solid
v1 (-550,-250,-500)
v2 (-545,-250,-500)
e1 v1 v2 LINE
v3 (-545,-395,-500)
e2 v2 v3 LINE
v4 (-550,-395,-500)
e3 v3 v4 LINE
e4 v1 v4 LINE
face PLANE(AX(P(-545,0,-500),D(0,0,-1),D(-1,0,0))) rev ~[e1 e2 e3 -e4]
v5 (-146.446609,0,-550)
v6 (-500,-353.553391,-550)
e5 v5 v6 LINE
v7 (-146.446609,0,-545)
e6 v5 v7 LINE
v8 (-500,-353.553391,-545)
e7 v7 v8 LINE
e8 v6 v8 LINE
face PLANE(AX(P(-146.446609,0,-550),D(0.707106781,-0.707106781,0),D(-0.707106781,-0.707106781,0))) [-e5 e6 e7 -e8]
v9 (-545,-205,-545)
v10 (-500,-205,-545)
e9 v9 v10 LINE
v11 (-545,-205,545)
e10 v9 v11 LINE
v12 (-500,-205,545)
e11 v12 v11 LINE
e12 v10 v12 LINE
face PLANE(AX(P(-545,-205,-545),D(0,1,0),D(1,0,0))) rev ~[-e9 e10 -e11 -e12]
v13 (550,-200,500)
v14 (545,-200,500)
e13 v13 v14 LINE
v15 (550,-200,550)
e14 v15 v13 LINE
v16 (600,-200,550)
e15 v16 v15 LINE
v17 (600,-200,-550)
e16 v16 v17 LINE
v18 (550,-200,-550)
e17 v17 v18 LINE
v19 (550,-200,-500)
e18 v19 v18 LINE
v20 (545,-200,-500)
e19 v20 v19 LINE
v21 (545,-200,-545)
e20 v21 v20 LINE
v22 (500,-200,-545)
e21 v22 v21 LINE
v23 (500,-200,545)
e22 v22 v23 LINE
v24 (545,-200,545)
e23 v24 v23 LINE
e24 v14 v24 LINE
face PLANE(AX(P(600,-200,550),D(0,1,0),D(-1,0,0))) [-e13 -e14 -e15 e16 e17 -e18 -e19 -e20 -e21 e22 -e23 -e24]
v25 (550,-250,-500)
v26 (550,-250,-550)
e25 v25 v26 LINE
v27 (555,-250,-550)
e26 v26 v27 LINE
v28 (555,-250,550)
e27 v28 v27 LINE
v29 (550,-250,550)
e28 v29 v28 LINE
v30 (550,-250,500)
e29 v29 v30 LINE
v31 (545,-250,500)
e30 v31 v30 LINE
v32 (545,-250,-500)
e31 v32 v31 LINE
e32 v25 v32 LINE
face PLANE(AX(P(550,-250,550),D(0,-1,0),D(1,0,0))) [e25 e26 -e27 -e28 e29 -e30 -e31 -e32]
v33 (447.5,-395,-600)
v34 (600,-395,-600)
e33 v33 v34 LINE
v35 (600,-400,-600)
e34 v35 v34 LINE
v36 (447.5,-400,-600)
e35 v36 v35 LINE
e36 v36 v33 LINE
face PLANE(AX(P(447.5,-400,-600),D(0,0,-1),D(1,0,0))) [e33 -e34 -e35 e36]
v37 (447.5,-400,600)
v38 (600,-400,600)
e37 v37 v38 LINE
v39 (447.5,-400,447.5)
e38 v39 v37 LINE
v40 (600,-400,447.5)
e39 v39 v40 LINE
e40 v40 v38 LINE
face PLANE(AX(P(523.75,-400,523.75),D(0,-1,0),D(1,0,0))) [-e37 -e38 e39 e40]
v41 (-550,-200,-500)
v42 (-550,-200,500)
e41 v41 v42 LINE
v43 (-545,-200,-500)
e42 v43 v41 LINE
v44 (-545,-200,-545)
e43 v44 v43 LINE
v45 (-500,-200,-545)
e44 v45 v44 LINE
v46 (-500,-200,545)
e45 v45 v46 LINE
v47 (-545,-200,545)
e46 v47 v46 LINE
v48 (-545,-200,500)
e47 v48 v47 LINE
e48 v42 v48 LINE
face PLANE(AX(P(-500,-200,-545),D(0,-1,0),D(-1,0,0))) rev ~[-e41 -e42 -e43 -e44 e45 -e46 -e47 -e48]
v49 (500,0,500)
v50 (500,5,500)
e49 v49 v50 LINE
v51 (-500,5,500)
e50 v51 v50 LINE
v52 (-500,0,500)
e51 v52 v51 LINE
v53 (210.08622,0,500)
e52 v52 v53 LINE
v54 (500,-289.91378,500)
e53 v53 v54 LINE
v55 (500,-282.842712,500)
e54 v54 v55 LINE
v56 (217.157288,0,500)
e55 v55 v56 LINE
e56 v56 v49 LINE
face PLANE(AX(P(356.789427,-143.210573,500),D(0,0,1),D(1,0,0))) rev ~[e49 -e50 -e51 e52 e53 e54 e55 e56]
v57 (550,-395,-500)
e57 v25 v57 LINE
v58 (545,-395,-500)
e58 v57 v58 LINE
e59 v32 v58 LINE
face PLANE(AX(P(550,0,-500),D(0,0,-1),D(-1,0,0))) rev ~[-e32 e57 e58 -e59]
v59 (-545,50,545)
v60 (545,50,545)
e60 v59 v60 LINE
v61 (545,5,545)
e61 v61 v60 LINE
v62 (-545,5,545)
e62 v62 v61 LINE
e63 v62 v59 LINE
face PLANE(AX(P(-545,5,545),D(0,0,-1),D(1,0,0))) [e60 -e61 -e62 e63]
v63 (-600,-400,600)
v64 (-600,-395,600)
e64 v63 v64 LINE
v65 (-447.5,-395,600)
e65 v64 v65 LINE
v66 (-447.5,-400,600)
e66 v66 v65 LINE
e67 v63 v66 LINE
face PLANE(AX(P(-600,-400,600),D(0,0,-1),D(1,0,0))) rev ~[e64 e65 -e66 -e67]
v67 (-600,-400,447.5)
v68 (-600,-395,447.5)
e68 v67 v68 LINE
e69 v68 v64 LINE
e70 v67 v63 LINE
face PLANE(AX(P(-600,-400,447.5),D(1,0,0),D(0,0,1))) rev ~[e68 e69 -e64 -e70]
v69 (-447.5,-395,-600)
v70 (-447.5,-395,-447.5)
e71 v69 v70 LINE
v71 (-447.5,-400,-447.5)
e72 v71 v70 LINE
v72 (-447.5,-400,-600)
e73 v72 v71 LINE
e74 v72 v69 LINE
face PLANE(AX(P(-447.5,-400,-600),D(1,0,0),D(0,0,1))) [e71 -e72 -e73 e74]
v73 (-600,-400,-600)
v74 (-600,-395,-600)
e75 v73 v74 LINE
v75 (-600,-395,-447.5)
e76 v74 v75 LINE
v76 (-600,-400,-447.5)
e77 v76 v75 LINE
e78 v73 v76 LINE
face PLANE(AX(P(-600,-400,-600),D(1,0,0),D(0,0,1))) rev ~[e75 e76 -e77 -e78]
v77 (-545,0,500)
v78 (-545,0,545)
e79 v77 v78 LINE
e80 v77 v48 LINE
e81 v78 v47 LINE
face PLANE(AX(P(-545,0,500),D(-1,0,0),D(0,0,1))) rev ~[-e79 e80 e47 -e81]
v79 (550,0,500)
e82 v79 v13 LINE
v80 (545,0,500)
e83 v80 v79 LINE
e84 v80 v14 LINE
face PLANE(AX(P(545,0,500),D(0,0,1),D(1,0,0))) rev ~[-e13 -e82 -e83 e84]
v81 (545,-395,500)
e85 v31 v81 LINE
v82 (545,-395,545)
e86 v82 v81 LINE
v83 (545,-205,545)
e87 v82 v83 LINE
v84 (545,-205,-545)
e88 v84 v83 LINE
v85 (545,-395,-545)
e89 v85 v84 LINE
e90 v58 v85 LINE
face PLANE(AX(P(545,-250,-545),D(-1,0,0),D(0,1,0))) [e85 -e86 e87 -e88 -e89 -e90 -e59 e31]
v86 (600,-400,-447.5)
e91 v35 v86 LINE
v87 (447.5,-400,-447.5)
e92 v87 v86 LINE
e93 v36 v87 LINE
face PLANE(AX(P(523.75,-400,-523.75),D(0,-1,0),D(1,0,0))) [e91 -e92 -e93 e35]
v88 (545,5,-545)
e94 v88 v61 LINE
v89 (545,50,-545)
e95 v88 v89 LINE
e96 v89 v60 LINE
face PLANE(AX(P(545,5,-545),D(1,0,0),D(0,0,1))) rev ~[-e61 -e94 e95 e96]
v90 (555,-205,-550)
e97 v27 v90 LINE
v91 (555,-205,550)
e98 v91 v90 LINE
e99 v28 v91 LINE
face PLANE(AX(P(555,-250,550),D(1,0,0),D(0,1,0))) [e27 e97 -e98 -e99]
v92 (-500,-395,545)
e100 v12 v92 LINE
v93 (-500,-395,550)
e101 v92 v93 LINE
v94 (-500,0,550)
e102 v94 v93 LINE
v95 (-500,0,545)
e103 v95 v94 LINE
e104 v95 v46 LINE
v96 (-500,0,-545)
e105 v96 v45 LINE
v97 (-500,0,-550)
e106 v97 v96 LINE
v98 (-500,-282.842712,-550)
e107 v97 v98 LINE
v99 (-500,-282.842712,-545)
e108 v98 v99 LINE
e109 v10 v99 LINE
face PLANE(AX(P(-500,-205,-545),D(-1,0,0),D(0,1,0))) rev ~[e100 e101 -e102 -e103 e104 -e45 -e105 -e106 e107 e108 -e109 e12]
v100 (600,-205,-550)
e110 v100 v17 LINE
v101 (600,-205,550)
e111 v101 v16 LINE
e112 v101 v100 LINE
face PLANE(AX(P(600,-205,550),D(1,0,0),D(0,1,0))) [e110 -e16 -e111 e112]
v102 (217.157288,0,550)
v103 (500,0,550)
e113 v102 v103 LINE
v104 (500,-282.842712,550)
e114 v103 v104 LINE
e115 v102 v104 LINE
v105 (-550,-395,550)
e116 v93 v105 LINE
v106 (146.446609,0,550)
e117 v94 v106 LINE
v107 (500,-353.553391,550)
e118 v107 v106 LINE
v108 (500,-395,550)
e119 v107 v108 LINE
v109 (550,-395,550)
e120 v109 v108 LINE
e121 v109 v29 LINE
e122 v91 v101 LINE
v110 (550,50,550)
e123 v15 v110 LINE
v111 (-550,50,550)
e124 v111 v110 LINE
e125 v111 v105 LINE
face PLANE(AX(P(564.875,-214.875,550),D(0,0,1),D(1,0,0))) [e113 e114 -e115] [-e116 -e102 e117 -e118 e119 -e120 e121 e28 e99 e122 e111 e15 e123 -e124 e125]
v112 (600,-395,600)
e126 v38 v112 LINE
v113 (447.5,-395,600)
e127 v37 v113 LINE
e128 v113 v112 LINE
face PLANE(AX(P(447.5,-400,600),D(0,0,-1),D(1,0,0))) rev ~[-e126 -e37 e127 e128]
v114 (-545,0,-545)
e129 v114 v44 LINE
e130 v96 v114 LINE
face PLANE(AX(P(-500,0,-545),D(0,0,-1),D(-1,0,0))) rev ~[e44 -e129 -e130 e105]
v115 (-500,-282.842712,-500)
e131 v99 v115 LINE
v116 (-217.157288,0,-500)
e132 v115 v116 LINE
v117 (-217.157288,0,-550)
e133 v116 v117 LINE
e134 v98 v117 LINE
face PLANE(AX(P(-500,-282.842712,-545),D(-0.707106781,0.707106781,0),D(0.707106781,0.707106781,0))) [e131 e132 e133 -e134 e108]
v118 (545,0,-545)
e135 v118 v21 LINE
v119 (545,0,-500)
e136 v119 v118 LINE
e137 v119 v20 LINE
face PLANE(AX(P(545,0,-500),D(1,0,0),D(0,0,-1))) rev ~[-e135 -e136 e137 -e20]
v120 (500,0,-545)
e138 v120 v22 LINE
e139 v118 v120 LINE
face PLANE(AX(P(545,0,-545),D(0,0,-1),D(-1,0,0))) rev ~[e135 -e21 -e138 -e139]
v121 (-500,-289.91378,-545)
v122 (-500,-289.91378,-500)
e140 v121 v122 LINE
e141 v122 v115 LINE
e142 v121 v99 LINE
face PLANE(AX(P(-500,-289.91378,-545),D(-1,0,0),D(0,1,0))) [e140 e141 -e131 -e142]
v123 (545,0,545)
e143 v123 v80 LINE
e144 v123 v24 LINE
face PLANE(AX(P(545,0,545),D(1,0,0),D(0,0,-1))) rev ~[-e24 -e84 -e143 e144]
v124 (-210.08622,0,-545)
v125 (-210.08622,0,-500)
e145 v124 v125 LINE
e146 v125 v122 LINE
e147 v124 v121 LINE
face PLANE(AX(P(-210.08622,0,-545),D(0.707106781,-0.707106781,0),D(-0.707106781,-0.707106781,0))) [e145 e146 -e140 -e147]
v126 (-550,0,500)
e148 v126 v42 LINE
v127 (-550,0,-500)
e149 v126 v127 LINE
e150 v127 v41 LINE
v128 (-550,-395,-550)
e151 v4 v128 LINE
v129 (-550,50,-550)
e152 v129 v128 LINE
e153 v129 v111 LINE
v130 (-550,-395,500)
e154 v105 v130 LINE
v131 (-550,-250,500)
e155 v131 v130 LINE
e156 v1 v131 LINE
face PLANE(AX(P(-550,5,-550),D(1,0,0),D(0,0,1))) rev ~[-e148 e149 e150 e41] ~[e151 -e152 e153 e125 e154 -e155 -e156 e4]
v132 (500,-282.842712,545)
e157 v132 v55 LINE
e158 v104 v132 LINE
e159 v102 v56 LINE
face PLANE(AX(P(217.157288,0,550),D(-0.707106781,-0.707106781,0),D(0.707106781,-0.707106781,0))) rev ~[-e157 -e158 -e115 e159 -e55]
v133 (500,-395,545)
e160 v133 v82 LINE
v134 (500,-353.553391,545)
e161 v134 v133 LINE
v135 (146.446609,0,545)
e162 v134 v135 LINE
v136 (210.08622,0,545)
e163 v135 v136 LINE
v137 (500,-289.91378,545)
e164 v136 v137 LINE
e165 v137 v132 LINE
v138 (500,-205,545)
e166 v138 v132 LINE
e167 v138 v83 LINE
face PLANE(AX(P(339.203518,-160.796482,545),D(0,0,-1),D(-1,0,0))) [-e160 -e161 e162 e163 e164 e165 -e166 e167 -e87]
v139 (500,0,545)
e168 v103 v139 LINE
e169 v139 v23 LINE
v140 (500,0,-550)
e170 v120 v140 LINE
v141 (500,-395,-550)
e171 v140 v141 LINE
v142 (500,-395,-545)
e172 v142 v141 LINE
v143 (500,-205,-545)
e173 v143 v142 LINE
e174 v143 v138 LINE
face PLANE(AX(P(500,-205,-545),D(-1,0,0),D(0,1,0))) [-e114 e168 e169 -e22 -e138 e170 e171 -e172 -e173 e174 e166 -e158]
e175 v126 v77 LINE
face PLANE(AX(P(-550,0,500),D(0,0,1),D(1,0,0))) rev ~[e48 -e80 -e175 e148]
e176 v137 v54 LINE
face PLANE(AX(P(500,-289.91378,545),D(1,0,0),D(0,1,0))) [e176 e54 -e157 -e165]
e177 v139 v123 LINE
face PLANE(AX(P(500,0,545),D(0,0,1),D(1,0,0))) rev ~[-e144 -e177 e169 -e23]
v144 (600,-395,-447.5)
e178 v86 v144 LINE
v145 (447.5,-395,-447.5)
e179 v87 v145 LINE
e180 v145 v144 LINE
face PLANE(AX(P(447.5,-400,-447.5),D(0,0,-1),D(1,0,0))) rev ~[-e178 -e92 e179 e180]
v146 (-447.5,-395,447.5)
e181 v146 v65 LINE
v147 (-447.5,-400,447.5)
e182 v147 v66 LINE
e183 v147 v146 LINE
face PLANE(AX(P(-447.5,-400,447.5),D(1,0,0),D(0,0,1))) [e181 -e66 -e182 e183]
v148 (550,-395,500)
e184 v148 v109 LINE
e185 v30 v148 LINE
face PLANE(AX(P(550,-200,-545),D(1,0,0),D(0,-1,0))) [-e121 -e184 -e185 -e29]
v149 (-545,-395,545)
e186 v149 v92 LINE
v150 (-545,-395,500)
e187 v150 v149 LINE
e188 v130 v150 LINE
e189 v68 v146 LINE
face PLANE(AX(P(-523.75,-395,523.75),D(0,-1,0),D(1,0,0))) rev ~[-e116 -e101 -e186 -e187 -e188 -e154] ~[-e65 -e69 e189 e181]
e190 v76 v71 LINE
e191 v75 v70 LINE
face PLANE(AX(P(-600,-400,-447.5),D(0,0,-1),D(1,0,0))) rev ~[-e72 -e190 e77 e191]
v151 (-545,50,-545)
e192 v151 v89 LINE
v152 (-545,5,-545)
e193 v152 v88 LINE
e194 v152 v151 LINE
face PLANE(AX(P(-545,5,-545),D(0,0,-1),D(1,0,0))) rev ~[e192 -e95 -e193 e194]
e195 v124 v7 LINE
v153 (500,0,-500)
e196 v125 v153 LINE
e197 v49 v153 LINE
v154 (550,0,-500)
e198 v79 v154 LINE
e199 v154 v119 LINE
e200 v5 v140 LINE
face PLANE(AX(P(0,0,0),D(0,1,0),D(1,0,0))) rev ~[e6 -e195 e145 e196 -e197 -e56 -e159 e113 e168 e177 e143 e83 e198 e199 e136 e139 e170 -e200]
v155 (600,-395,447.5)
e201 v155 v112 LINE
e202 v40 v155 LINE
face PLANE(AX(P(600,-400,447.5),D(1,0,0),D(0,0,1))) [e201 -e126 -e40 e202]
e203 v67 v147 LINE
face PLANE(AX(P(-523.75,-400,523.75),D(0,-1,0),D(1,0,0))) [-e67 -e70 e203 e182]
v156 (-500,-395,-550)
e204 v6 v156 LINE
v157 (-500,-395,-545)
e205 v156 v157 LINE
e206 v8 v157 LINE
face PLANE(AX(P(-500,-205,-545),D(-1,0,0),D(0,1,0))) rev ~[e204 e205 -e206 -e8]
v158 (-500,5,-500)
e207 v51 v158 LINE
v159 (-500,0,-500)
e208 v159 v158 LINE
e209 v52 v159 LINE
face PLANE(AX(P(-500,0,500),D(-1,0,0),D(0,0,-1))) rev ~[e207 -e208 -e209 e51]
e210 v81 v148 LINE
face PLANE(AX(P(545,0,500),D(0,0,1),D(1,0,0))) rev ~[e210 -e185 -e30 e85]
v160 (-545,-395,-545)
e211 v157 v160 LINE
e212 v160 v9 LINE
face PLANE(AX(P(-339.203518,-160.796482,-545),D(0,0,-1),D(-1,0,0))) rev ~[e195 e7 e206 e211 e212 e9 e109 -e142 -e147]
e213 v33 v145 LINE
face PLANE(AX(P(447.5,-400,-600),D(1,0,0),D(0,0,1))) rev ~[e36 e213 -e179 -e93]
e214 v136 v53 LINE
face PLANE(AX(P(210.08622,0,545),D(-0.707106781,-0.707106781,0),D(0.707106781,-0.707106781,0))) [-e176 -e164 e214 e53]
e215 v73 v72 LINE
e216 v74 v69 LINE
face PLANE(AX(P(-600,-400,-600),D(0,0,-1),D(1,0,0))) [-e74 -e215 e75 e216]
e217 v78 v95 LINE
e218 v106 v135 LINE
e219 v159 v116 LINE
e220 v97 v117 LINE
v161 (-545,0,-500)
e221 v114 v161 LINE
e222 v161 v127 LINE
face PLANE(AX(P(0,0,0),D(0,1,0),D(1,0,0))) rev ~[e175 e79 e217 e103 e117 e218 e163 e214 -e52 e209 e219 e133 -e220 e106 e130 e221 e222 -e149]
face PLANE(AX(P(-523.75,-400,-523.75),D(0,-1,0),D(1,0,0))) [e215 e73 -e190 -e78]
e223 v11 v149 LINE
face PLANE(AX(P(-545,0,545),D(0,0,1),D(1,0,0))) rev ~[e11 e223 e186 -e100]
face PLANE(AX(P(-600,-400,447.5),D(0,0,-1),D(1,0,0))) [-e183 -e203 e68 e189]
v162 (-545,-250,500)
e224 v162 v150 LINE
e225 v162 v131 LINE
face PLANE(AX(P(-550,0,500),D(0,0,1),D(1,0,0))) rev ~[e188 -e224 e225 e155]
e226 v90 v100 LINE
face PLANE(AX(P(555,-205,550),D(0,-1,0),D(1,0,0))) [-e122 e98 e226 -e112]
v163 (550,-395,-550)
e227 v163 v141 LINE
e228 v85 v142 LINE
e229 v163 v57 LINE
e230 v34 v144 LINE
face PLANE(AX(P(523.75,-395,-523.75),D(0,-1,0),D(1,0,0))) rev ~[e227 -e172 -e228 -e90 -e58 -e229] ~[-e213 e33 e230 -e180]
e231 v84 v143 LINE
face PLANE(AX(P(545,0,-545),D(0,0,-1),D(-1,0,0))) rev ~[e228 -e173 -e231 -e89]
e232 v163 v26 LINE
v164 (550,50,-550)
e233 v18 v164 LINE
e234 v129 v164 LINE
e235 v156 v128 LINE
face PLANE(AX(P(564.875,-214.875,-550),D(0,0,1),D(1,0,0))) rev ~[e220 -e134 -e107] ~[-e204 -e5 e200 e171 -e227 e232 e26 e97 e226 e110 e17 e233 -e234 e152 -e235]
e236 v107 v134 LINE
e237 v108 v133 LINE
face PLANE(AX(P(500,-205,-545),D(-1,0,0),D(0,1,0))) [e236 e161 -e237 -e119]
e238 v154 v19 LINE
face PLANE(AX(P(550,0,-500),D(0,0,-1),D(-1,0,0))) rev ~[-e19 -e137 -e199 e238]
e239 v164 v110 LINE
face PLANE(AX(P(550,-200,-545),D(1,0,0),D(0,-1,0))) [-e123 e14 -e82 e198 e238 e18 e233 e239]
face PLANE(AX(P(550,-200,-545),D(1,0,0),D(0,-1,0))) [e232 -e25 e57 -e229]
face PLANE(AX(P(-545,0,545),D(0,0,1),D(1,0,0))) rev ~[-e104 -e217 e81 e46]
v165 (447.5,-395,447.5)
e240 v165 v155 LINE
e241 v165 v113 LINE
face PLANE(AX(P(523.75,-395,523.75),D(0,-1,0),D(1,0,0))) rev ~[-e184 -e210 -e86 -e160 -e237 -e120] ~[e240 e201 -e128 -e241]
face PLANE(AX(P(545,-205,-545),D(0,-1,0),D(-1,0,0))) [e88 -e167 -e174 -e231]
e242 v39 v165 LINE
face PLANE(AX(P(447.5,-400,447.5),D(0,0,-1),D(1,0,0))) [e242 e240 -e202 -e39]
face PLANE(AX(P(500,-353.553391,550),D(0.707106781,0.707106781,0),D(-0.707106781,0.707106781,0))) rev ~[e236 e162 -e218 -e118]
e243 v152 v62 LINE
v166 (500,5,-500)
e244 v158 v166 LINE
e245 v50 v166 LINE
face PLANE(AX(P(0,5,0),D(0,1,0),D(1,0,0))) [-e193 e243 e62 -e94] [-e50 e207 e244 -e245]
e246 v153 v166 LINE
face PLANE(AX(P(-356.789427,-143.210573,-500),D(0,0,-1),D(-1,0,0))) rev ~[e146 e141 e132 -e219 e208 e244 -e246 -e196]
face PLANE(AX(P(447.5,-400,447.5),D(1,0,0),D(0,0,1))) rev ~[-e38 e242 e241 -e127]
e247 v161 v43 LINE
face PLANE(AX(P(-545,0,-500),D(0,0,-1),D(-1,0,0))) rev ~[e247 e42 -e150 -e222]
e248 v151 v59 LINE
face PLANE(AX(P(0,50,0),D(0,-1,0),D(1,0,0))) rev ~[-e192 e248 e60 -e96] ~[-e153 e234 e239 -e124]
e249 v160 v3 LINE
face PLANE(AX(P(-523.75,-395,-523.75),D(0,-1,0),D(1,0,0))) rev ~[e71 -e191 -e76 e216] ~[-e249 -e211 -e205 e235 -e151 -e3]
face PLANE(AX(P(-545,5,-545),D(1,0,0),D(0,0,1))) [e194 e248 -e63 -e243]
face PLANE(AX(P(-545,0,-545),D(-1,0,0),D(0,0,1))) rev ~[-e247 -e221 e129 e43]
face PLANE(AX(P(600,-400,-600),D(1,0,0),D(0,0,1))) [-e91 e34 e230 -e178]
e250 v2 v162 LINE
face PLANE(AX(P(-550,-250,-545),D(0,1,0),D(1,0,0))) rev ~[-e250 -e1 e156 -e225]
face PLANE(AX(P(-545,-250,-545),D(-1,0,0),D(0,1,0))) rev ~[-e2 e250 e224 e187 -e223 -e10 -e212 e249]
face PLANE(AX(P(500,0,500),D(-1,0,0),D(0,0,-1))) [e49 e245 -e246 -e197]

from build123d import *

# Parameters (mm, degrees)
SKETCH_1_W       = 1100
SKETCH_1_H       = 1100
SKETCH_1_W_2     = 1000
SKETCH_1_H_2     = 1000
EXTRUDE_1_DEPTH  = 5
SKETCH_2_W       = 1100
SKETCH_2_H       = 1100
SKETCH_2_W_2     = 1090
SKETCH_2_H_2     = 1090
EXTRUDE_2_DEPTH  = 45
EXTRUDE_3_DEPTH  = 400
SKETCH_4_W       = 152.5
SKETCH_4_H       = 152.5
EXTRUDE_4_DEPTH  = 5
EXTRUDE_6_REACH  = 1355.154
EXTRUDE_7_DEPTH  = 5
EXTRUDE_8_DEPTH  = 45
EXTRUDE_9_DEPTH  = 5
EXTRUDE_10_DEPTH = 45
EXTRUDE_11_DEPTH = 1100


with BuildPart() as part:
    # Эскиз1 → Бобышка-Вытянуть1 (new body)
    with BuildSketch(Plane(origin=(0, 0, 0), x_dir=(1, 0, 0), z_dir=(0, 1, 0))):
        Rectangle(SKETCH_1_W, SKETCH_1_H)
        Rectangle(SKETCH_1_W_2, SKETCH_1_H_2, mode=Mode.SUBTRACT)
    extrude(amount=EXTRUDE_1_DEPTH)

    # Эскиз2 → Бобышка-Вытянуть2 (add)
    with BuildSketch(Plane.XZ.offset(-5)):
        Rectangle(SKETCH_2_W, SKETCH_2_H)
        Rectangle(SKETCH_2_W_2, SKETCH_2_H_2, mode=Mode.SUBTRACT)
    extrude(amount=-EXTRUDE_2_DEPTH)

    # Эскиз3 → Бобышка-Вытянуть3 (add)
    with BuildSketch(Plane.XZ):
        Polygon((550, 550), (500, 550), (500, 545), (545, 545), (545, 500), (550, 500), align=None)
        Polygon((545, -500), (545, -545), (500, -545), (500, -550), (550, -550), (550, -500), align=None)
        Polygon((-550, -550), (-500, -550), (-500, -545), (-545, -545), (-545, -500), (-550, -500), align=None)
        Polygon((-545, 500), (-545, 545), (-500, 545), (-500, 550), (-550, 550), (-550, 500), align=None)
    extrude(amount=EXTRUDE_3_DEPTH)

    # Эскиз4 → Бобышка-Вытянуть4 (add)
    with BuildSketch(Plane.XZ.offset(400)):
        with Locations((523.75, 523.75)):
            Rectangle(SKETCH_4_W, SKETCH_4_H)
        with Locations((523.75, -523.75)):
            Rectangle(SKETCH_4_W, SKETCH_4_H)
        with Locations((-523.75, -523.75)):
            Rectangle(SKETCH_4_W, SKETCH_4_H)
        with Locations((-523.75, 523.75)):
            Rectangle(SKETCH_4_W, SKETCH_4_H)
    extrude(amount=-EXTRUDE_4_DEPTH)

    # Бобышка-Вытянуть6: up to this face of the body (flat: up to its plane)
    extrude_6_end = Plane(part.part.faces().sort_by_distance((522.5, -197.5, 545))[0])
    # Эскиз6 → Бобышка-Вытянуть6 (add, up to the picked face)
    with BuildSketch(Plane.XY.offset(-545), mode=Mode.PRIVATE) as extrude_6_sk1:
        Polygon((500, -200), (550, -200), (550, -250), (545, -250), (545, -205), (500, -205), align=None)
    extrude_6_tool1 = split(extrude(extrude_6_sk1.sketch, amount=EXTRUDE_6_REACH, mode=Mode.PRIVATE), bisect_by=extrude_6_end, keep=Keep.BOTH, mode=Mode.PRIVATE)
    # Эскиз6 → Бобышка-Вытянуть6 (add, up to the picked face)
    with BuildSketch(Plane.XY.offset(-545), mode=Mode.PRIVATE) as extrude_6_sk2:
        Polygon((-545, -250), (-545, -205), (-500, -205), (-500, -200), (-550, -200), (-550, -250), align=None)
    extrude_6_tool2 = split(extrude(extrude_6_sk2.sketch, amount=EXTRUDE_6_REACH, mode=Mode.PRIVATE), bisect_by=extrude_6_end, keep=Keep.BOTH, mode=Mode.PRIVATE)
    add(extrude_6_tool1.solids().sort_by(Axis((525, -200.707107, -545), (0, 0, 1)))[0])
    add(extrude_6_tool2.solids().sort_by(Axis((-545.707107, -227.5, -545), (0, 0, 1)))[0])

    # Эскиз7 → Бобышка-Вытянуть7 (add)
    with BuildSketch(Plane.XY.offset(550)):
        Polygon((146.446609407, 0), (217.157287525, 0), (500, -282.842712475), (500, -353.553390593), align=None)
    extrude(amount=-EXTRUDE_7_DEPTH)

    # Эскиз8 → Бобышка-Вытянуть8 (add)
    with BuildSketch(Plane(origin=(0, 0, 545), x_dir=(-1, 0, 0), z_dir=(0, 0, -1))):
        Polygon((-217.157287525, 0), (-210.086219714, 0), (-500, -289.913780286), (-500, -282.842712475), align=None)
    extrude(amount=EXTRUDE_8_DEPTH)

    # Эскиз9 → Бобышка-Вытянуть9 (add)
    with BuildSketch(Plane(origin=(0, 0, -550), x_dir=(-1, 0, 0), z_dir=(0, 0, -1))):
        Polygon((146.446609407, 0), (500, -353.553390593), (500, -282.842712475), (217.157287525, 0), align=None)
    extrude(amount=-EXTRUDE_9_DEPTH)

    # Эскиз10 → Бобышка-Вытянуть10 (add)
    with BuildSketch(Plane.XY.offset(-545)):
        Polygon((-217.157287525, 0), (-210.086219714, 0), (-500, -289.913780286), (-500, -282.842712475), align=None)
    extrude(amount=EXTRUDE_10_DEPTH)

    # Эскиз11 → Бобышка-Вытянуть11 (add)
    with BuildSketch(Plane.XY.offset(550)):
        Polygon((550, -250), (555, -250), (555, -205), (600, -205), (600, -200), (550, -200), align=None)
    extrude(amount=-EXTRUDE_11_DEPTH)


solid = part.part
